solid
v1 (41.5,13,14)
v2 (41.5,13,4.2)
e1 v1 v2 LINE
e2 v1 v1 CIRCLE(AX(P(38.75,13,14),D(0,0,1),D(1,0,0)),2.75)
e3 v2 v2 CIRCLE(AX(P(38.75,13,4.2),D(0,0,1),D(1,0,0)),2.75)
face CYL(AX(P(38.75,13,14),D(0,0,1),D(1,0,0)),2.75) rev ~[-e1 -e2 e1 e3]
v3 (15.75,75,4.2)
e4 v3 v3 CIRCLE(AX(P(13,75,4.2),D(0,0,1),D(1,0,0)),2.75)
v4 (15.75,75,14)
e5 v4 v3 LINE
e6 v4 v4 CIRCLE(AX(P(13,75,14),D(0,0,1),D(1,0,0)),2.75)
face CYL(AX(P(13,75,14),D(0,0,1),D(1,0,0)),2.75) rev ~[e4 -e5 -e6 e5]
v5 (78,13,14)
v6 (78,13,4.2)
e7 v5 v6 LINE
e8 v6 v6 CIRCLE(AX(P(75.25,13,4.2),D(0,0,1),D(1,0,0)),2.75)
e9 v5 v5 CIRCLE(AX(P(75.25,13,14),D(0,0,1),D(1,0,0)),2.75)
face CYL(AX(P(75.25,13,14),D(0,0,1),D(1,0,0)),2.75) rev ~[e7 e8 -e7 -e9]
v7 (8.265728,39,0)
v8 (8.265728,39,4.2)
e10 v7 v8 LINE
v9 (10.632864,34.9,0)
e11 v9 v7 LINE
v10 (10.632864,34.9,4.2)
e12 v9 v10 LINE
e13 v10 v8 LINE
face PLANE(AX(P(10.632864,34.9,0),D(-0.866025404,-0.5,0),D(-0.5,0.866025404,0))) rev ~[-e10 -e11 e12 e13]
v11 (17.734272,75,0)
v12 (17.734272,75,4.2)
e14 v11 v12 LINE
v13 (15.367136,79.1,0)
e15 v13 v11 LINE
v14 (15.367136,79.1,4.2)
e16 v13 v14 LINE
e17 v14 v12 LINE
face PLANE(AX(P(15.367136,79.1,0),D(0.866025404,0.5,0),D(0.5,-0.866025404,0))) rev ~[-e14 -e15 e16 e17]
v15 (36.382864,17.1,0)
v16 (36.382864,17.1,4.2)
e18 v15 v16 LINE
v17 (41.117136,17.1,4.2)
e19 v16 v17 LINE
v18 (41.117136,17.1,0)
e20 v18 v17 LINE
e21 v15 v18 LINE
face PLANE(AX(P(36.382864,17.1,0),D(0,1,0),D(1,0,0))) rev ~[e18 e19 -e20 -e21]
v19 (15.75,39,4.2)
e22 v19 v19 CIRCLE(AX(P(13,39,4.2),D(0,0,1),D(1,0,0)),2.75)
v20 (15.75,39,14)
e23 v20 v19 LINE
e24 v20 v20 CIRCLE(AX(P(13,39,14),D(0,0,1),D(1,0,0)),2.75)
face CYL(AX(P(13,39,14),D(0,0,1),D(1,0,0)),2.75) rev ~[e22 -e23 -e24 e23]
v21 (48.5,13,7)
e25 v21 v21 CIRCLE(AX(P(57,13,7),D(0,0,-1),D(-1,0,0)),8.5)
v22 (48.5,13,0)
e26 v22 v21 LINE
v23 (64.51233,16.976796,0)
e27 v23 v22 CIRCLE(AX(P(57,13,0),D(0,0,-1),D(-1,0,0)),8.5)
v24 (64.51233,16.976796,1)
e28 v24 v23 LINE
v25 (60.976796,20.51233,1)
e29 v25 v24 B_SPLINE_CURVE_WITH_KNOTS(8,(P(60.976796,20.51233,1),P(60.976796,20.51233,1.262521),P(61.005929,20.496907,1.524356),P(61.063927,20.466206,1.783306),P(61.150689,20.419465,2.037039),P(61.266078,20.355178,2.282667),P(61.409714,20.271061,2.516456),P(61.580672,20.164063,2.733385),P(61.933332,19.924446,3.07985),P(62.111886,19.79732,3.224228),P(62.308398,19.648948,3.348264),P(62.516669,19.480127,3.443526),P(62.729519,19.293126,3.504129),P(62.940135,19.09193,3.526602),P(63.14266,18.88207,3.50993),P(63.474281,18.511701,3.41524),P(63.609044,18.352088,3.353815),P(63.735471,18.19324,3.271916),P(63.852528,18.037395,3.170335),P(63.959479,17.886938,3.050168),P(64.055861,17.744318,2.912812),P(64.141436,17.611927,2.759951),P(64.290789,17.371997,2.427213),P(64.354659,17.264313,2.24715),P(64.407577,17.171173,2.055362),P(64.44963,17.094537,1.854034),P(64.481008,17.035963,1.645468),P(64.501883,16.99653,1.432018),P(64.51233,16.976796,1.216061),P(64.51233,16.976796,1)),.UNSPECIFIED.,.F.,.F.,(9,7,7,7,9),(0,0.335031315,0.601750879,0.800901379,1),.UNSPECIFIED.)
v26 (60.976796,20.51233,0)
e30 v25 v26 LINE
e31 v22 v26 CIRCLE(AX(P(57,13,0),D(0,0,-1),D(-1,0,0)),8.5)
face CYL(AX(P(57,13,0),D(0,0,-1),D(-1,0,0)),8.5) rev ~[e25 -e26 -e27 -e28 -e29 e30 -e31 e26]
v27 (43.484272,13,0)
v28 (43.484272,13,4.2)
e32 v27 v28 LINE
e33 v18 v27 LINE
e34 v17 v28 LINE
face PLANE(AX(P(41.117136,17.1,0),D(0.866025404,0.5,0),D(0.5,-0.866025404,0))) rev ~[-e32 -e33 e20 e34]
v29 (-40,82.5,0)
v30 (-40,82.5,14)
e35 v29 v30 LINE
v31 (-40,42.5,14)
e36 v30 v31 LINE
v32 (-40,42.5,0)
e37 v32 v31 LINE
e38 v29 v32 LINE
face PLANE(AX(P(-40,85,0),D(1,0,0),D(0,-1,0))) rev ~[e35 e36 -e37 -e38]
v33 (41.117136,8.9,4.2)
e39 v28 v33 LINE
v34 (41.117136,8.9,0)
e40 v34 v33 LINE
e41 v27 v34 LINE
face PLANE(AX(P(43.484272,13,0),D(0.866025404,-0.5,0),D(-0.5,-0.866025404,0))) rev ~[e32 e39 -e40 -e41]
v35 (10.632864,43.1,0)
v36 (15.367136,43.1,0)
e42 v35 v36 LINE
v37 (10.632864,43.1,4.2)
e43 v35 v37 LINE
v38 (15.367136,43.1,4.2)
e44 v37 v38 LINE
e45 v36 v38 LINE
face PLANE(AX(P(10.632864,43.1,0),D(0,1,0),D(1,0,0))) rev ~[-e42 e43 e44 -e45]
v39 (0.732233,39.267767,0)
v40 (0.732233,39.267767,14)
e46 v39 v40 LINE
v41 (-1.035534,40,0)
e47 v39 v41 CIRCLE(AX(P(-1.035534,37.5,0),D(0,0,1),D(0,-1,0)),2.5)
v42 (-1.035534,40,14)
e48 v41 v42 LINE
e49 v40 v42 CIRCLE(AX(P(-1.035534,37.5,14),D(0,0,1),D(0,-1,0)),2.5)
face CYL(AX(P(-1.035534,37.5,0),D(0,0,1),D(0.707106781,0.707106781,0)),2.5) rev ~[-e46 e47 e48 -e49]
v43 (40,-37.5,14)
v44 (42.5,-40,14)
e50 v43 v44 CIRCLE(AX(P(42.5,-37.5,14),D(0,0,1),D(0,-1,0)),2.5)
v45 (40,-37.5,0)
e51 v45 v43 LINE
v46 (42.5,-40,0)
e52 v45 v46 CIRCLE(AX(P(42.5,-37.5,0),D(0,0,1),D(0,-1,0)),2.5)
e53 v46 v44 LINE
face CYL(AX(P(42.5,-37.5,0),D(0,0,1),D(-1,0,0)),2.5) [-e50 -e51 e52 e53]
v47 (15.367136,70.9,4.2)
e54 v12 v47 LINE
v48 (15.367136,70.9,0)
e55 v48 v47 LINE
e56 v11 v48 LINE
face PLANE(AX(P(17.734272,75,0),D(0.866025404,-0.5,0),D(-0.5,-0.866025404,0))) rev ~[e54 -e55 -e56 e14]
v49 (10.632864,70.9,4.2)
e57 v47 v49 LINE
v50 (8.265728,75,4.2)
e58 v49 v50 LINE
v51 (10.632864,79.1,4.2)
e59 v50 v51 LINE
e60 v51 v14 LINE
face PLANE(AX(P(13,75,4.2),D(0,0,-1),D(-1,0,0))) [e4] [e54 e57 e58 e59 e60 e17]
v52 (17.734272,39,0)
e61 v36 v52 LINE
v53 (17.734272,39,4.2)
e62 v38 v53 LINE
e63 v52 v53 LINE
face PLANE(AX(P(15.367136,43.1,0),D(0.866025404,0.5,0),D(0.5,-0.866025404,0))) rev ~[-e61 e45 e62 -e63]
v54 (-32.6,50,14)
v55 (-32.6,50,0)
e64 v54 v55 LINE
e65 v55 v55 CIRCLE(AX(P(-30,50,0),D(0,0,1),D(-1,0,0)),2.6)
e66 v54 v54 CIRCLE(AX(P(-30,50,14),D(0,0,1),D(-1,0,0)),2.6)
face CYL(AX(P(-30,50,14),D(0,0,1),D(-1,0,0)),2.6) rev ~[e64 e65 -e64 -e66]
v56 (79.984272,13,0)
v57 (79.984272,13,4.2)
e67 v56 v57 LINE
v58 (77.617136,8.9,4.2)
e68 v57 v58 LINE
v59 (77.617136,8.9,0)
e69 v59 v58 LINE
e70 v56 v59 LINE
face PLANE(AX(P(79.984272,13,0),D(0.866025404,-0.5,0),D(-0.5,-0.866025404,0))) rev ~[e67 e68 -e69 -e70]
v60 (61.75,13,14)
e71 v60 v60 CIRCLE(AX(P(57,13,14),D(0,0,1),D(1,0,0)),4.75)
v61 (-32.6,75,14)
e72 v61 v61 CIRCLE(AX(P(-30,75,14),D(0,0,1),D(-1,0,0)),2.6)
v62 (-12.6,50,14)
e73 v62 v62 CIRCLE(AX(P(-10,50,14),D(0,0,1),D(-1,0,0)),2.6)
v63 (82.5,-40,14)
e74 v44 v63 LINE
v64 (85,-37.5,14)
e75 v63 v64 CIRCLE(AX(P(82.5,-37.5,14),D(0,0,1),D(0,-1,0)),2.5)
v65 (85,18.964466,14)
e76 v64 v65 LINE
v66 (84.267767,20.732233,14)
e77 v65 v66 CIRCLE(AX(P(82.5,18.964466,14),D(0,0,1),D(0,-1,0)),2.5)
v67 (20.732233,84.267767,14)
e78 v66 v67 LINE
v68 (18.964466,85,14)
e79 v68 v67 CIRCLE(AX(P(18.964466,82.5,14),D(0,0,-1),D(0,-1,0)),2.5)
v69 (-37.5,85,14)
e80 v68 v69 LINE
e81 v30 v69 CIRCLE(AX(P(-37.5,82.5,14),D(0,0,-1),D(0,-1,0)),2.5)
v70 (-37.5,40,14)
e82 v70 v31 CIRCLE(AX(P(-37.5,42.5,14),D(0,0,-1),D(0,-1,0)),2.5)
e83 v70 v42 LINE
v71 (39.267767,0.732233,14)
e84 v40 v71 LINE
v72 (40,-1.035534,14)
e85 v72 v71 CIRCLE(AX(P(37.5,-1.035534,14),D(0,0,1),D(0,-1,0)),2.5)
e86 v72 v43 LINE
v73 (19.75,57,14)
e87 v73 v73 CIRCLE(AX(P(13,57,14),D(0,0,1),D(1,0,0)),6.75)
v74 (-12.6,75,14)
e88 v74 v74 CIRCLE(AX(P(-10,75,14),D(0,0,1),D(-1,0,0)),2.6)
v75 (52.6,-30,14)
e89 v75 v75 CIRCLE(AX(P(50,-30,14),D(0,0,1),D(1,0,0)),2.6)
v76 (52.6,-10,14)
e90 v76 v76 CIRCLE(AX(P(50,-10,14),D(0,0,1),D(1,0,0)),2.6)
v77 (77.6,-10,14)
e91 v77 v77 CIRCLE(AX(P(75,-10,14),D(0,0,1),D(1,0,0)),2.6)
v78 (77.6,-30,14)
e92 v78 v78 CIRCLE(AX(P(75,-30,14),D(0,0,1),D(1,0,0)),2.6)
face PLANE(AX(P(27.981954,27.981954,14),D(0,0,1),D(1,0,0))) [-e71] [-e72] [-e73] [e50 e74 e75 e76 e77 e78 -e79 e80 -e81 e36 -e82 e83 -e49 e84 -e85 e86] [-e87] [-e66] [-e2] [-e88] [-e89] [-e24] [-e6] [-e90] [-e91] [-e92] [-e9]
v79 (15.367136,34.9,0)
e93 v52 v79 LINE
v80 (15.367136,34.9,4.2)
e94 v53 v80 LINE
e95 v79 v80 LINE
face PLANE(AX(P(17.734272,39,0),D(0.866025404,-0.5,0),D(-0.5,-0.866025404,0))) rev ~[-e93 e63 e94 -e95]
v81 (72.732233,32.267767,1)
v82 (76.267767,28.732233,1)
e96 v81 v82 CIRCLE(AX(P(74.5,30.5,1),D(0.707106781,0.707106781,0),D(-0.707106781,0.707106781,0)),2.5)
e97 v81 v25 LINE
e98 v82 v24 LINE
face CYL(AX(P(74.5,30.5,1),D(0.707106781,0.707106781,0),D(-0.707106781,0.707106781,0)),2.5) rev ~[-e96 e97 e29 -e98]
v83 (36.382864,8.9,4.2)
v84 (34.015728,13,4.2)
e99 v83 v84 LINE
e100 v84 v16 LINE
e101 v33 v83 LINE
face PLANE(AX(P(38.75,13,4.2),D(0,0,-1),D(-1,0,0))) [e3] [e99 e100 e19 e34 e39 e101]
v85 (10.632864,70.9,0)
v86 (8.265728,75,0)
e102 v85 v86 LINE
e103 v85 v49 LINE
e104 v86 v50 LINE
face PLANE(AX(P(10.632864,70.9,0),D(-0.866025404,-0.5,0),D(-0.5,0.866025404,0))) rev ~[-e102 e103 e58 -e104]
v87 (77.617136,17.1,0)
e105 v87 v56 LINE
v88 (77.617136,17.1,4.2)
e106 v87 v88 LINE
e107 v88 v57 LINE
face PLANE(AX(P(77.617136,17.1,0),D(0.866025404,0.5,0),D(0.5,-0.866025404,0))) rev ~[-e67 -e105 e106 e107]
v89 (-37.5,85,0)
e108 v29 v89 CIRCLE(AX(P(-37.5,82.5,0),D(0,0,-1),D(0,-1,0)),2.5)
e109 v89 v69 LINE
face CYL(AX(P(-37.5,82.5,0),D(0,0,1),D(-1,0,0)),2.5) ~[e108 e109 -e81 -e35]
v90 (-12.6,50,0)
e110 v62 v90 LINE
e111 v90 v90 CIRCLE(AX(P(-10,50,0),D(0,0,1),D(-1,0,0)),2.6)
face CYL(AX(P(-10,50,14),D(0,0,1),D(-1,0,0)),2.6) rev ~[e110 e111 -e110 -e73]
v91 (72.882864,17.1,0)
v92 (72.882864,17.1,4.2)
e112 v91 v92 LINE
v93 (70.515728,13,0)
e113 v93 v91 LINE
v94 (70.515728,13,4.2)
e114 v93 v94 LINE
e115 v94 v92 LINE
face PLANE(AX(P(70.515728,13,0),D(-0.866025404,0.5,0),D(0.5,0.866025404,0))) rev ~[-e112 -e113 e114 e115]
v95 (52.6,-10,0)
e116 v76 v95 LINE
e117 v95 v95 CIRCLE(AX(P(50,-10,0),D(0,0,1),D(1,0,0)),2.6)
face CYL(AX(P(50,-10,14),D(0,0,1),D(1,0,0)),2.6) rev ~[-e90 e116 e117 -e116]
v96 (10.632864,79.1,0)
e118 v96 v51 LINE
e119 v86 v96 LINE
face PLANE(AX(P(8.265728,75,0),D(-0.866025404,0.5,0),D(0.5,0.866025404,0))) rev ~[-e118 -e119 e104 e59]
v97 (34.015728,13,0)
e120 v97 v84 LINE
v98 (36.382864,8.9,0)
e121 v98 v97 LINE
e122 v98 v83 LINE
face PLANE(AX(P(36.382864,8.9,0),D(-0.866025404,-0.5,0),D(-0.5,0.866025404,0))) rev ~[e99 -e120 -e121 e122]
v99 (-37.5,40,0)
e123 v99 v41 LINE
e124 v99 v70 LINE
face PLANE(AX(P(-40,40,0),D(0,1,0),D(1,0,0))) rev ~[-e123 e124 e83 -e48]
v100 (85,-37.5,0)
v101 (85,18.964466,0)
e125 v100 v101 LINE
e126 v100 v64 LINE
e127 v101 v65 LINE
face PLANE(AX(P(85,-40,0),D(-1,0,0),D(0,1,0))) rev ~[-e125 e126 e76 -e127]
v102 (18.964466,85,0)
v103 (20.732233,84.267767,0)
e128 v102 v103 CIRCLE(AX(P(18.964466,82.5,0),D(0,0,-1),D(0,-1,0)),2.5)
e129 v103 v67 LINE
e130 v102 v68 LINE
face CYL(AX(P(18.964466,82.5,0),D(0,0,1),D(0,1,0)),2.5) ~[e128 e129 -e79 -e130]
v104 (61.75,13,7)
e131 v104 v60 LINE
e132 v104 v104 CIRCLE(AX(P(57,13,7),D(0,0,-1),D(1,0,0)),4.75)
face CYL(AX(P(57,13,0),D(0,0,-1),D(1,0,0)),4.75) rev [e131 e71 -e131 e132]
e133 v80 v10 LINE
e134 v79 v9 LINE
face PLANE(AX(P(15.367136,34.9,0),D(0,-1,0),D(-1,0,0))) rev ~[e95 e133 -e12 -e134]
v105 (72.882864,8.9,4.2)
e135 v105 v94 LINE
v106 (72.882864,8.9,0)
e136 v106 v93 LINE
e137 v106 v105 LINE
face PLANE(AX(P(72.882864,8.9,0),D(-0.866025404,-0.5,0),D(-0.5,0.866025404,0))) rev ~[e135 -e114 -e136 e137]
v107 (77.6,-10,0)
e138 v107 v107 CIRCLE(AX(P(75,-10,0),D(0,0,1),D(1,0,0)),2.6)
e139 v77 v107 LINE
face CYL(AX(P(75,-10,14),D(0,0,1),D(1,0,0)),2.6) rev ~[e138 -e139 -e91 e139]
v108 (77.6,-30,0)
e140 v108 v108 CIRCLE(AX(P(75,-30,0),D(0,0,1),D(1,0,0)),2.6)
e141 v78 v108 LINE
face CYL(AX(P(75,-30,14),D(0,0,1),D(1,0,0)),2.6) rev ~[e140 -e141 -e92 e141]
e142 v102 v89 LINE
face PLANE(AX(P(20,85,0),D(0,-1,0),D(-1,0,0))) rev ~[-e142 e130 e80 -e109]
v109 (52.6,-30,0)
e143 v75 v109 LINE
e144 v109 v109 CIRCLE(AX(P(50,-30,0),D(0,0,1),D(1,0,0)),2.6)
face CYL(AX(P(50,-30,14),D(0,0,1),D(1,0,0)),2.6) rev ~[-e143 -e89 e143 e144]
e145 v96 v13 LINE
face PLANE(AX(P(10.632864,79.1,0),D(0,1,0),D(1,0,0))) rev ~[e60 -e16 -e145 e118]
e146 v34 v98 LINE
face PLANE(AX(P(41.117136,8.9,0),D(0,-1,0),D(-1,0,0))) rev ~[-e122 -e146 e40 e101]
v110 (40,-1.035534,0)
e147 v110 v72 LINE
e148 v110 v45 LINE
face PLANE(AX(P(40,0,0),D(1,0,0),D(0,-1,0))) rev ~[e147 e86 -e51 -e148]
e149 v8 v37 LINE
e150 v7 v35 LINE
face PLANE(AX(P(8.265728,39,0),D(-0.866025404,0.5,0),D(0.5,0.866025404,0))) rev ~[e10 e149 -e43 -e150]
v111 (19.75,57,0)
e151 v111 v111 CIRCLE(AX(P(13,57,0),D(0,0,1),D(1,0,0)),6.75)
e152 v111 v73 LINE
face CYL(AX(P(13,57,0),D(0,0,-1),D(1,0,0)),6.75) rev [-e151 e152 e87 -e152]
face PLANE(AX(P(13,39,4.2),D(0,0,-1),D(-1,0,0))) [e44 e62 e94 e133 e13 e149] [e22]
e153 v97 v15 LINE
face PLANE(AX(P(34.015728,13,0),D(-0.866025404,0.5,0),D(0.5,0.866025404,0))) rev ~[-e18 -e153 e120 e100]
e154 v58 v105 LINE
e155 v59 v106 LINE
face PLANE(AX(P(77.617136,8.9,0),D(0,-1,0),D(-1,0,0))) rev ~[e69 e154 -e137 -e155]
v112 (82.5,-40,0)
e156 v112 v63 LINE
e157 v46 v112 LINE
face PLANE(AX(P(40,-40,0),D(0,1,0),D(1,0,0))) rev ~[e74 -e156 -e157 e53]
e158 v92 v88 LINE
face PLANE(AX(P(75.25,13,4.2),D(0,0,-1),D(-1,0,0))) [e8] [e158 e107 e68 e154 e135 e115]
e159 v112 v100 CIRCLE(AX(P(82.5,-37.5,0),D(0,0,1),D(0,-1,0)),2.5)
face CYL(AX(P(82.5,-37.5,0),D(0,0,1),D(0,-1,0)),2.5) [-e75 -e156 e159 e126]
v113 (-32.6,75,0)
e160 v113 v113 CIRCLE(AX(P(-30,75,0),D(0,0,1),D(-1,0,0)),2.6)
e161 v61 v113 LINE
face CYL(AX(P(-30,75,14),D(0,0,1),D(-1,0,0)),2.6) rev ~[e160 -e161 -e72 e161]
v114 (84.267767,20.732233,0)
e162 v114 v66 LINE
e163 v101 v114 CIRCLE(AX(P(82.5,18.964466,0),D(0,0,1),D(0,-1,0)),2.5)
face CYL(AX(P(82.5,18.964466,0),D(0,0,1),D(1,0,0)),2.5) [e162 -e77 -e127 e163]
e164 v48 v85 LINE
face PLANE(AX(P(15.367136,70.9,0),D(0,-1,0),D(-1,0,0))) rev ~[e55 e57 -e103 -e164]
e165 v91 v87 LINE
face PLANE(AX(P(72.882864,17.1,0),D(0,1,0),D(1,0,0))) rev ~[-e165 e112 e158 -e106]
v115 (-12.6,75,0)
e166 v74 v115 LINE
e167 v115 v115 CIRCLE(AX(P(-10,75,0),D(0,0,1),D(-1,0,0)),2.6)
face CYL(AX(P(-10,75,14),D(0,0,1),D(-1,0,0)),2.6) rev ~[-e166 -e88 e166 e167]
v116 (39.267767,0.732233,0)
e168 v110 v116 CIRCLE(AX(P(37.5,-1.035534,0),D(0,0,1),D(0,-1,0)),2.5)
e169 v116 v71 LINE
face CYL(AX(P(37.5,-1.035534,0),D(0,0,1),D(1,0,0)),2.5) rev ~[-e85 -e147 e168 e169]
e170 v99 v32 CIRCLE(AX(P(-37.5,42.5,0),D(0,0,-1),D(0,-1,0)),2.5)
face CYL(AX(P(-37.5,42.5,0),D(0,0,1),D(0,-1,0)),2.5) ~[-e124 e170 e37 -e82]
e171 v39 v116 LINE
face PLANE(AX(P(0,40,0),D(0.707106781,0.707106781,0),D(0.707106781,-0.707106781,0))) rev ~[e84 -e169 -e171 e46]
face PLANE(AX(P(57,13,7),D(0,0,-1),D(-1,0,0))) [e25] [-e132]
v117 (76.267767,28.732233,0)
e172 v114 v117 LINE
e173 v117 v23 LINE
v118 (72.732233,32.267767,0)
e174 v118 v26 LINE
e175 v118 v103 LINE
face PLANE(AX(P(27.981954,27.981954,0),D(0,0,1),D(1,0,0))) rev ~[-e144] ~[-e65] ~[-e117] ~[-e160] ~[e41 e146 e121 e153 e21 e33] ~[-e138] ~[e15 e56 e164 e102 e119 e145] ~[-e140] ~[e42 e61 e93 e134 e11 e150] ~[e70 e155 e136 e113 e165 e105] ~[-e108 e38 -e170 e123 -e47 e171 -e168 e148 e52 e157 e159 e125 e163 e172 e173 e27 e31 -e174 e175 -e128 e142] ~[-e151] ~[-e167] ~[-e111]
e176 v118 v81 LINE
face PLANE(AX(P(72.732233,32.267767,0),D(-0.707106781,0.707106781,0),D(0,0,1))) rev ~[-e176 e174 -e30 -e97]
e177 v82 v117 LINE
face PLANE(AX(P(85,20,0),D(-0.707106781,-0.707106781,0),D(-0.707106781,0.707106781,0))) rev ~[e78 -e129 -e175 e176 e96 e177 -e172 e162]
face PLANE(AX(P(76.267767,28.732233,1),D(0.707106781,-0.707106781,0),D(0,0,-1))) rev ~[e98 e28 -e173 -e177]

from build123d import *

# Parameters (mm, degrees)
SKETCH_1_R                = 6.75
SKETCH_1_R_2              = 4.75
EXTRUDE_2_DEPTH           = 14
SKETCH_7_R                = 2.75
CUT_EXTRUDE_6_DEPTH       = 122.020659393
CUT_EXTRUDE_7_DEPTH       = 4.2
SKETCH_11_R               = 2.6
CUT_EXTRUDE_10_DEPTH      = 122.020659393
SKETCH_12_R               = 8.5
CUT_EXTRUDE_11_DEPTH      = 7
CUT_EXTRUDE_12_REACH      = 133.562
CUT_EXTRUDE_12_END_RADIUS = 8.5
FILLET_1_R                = 2.5


with BuildPart() as part:
    # Эскиз1 → Бобышка-Вытянуть2 (new body)
    with BuildSketch(Plane.XY):
        Polygon((40, 0), (40, -40), (85, -40), (85, 20), (20, 85), (-40, 85), (-40, 40), (0, 40), align=None)
        with Locations((13, 57)):
            Circle(SKETCH_1_R, mode=Mode.SUBTRACT)
        with Locations((57, 13)):
            Circle(SKETCH_1_R_2, mode=Mode.SUBTRACT)
    extrude(amount=EXTRUDE_2_DEPTH)

    # Эскиз7 → Вырез-Вытянуть6 (cut, through all)
    with BuildSketch(Plane.XY.offset(14)):
        with Locations((13, 39)):
            Circle(SKETCH_7_R)
        with Locations((13, 75)):
            Circle(SKETCH_7_R)
        with Locations((38.75, 13)):
            Circle(SKETCH_7_R)
        with Locations((75.25, 13)):
            Circle(SKETCH_7_R)
    extrude(amount=-CUT_EXTRUDE_6_DEPTH, mode=Mode.SUBTRACT)

    # Эскиз8 → Вырез-Вытянуть7 (cut)
    with BuildSketch(Plane(origin=(0, 0, 0), x_dir=(-1, 0, 0), z_dir=(0, 0, -1))):
        Polygon((-17.734272207, 75), (-15.367136104, 70.9), (-10.632863896, 70.9), (-8.265727793, 75), (-10.632863896, 79.1), (-15.367136104, 79.1), align=None)
        Polygon((-17.734272207, 39), (-15.367136104, 34.9), (-10.632863896, 34.9), (-8.265727793, 39), (-10.632863896, 43.1), (-15.367136104, 43.1), align=None)
        Polygon((-34.015727793, 13), (-36.382863896, 17.1), (-41.117136104, 17.1), (-43.484272207, 13), (-41.117136104, 8.9), (-36.382863896, 8.9), align=None)
        Polygon((-70.515727793, 13), (-72.882863896, 17.1), (-77.617136104, 17.1), (-79.984272207, 13), (-77.617136104, 8.9), (-72.882863896, 8.9), align=None)
    extrude(amount=-CUT_EXTRUDE_7_DEPTH, mode=Mode.SUBTRACT)

    # Эскиз11 → Вырез-Вытянуть10 (cut, through all)
    with BuildSketch(Plane.XY.offset(14)):
        with Locations((50, -30)):
            Circle(SKETCH_11_R)
        with Locations((75, -30)):
            Circle(SKETCH_11_R)
        with Locations((75, -10)):
            Circle(SKETCH_11_R)
        with Locations((50, -10)):
            Circle(SKETCH_11_R)
        with Locations(Location((-10, 50, 0), (0, 0, 180))):
            Circle(SKETCH_11_R)
        with Locations(Location((-30, 50, 0), (0, 0, 180))):
            Circle(SKETCH_11_R)
        with Locations(Location((-30, 75, 0), (0, 0, 180))):
            Circle(SKETCH_11_R)
        with Locations(Location((-10, 75, 0), (0, 0, 180))):
            Circle(SKETCH_11_R)
    extrude(amount=-CUT_EXTRUDE_10_DEPTH, mode=Mode.SUBTRACT)

    # Эскиз12 → Вырез-Вытянуть11 (cut)
    with BuildSketch(Plane(origin=(0, 0, 0), x_dir=(-1, 0, 0), z_dir=(0, 0, -1))):
        with Locations((-57, 13)):
            Circle(SKETCH_12_R)
    extrude(amount=-CUT_EXTRUDE_11_DEPTH, mode=Mode.SUBTRACT)

    # Вырез-Вытянуть12: up to this cylinder (the profile starts outside it)
    cut_extrude_12_end = Plane(origin=(57, 13, 1.534279), z_dir=(0, 0, -1)) * Cylinder(CUT_EXTRUDE_12_END_RADIUS, 285.124, mode=Mode.PRIVATE)
    # Эскиз13 → Вырез-Вытянуть12 (cut, up to the surface)
    with BuildSketch(Plane(origin=(52.5, 52.5, 0), x_dir=(0, 0, -1), z_dir=(0.7071067811865477, 0.7071067811865474, 0)), mode=Mode.PRIVATE) as cut_extrude_12_sk1:
        with BuildLine():
            Line((-1, -33.612698372), (0, -33.612698372))
            Line((0, -33.612698372), (0, -28.612698372))
            Line((0, -28.612698372), (-1, -28.612698372))
            ThreePointArc((-1, -28.612698372), (-3.5, -31.112698372), (-1, -33.612698372))
        make_face()
    cut_extrude_12_tool1 = extrude(cut_extrude_12_sk1.sketch, amount=-CUT_EXTRUDE_12_REACH, mode=Mode.PRIVATE) - cut_extrude_12_end
    add(cut_extrude_12_tool1.solids().sort_by_distance((74.5, 30.5, 1.534279))[0], mode=Mode.SUBTRACT)

    # Скругление1
    fillet_1_edges = [part.edges().sort_by_distance(p)[0] for p in [
        (0, 40, 7),
        (-40, 40, 7),
        (-40, 85, 7),
        (20, 85, 7),
        (85, 20, 7),
        (85, -40, 7),
        (40, -40, 7),
        (40, 0, 7),
    ]]
    fillet(fillet_1_edges, radius=FILLET_1_R)


solid = part.part
